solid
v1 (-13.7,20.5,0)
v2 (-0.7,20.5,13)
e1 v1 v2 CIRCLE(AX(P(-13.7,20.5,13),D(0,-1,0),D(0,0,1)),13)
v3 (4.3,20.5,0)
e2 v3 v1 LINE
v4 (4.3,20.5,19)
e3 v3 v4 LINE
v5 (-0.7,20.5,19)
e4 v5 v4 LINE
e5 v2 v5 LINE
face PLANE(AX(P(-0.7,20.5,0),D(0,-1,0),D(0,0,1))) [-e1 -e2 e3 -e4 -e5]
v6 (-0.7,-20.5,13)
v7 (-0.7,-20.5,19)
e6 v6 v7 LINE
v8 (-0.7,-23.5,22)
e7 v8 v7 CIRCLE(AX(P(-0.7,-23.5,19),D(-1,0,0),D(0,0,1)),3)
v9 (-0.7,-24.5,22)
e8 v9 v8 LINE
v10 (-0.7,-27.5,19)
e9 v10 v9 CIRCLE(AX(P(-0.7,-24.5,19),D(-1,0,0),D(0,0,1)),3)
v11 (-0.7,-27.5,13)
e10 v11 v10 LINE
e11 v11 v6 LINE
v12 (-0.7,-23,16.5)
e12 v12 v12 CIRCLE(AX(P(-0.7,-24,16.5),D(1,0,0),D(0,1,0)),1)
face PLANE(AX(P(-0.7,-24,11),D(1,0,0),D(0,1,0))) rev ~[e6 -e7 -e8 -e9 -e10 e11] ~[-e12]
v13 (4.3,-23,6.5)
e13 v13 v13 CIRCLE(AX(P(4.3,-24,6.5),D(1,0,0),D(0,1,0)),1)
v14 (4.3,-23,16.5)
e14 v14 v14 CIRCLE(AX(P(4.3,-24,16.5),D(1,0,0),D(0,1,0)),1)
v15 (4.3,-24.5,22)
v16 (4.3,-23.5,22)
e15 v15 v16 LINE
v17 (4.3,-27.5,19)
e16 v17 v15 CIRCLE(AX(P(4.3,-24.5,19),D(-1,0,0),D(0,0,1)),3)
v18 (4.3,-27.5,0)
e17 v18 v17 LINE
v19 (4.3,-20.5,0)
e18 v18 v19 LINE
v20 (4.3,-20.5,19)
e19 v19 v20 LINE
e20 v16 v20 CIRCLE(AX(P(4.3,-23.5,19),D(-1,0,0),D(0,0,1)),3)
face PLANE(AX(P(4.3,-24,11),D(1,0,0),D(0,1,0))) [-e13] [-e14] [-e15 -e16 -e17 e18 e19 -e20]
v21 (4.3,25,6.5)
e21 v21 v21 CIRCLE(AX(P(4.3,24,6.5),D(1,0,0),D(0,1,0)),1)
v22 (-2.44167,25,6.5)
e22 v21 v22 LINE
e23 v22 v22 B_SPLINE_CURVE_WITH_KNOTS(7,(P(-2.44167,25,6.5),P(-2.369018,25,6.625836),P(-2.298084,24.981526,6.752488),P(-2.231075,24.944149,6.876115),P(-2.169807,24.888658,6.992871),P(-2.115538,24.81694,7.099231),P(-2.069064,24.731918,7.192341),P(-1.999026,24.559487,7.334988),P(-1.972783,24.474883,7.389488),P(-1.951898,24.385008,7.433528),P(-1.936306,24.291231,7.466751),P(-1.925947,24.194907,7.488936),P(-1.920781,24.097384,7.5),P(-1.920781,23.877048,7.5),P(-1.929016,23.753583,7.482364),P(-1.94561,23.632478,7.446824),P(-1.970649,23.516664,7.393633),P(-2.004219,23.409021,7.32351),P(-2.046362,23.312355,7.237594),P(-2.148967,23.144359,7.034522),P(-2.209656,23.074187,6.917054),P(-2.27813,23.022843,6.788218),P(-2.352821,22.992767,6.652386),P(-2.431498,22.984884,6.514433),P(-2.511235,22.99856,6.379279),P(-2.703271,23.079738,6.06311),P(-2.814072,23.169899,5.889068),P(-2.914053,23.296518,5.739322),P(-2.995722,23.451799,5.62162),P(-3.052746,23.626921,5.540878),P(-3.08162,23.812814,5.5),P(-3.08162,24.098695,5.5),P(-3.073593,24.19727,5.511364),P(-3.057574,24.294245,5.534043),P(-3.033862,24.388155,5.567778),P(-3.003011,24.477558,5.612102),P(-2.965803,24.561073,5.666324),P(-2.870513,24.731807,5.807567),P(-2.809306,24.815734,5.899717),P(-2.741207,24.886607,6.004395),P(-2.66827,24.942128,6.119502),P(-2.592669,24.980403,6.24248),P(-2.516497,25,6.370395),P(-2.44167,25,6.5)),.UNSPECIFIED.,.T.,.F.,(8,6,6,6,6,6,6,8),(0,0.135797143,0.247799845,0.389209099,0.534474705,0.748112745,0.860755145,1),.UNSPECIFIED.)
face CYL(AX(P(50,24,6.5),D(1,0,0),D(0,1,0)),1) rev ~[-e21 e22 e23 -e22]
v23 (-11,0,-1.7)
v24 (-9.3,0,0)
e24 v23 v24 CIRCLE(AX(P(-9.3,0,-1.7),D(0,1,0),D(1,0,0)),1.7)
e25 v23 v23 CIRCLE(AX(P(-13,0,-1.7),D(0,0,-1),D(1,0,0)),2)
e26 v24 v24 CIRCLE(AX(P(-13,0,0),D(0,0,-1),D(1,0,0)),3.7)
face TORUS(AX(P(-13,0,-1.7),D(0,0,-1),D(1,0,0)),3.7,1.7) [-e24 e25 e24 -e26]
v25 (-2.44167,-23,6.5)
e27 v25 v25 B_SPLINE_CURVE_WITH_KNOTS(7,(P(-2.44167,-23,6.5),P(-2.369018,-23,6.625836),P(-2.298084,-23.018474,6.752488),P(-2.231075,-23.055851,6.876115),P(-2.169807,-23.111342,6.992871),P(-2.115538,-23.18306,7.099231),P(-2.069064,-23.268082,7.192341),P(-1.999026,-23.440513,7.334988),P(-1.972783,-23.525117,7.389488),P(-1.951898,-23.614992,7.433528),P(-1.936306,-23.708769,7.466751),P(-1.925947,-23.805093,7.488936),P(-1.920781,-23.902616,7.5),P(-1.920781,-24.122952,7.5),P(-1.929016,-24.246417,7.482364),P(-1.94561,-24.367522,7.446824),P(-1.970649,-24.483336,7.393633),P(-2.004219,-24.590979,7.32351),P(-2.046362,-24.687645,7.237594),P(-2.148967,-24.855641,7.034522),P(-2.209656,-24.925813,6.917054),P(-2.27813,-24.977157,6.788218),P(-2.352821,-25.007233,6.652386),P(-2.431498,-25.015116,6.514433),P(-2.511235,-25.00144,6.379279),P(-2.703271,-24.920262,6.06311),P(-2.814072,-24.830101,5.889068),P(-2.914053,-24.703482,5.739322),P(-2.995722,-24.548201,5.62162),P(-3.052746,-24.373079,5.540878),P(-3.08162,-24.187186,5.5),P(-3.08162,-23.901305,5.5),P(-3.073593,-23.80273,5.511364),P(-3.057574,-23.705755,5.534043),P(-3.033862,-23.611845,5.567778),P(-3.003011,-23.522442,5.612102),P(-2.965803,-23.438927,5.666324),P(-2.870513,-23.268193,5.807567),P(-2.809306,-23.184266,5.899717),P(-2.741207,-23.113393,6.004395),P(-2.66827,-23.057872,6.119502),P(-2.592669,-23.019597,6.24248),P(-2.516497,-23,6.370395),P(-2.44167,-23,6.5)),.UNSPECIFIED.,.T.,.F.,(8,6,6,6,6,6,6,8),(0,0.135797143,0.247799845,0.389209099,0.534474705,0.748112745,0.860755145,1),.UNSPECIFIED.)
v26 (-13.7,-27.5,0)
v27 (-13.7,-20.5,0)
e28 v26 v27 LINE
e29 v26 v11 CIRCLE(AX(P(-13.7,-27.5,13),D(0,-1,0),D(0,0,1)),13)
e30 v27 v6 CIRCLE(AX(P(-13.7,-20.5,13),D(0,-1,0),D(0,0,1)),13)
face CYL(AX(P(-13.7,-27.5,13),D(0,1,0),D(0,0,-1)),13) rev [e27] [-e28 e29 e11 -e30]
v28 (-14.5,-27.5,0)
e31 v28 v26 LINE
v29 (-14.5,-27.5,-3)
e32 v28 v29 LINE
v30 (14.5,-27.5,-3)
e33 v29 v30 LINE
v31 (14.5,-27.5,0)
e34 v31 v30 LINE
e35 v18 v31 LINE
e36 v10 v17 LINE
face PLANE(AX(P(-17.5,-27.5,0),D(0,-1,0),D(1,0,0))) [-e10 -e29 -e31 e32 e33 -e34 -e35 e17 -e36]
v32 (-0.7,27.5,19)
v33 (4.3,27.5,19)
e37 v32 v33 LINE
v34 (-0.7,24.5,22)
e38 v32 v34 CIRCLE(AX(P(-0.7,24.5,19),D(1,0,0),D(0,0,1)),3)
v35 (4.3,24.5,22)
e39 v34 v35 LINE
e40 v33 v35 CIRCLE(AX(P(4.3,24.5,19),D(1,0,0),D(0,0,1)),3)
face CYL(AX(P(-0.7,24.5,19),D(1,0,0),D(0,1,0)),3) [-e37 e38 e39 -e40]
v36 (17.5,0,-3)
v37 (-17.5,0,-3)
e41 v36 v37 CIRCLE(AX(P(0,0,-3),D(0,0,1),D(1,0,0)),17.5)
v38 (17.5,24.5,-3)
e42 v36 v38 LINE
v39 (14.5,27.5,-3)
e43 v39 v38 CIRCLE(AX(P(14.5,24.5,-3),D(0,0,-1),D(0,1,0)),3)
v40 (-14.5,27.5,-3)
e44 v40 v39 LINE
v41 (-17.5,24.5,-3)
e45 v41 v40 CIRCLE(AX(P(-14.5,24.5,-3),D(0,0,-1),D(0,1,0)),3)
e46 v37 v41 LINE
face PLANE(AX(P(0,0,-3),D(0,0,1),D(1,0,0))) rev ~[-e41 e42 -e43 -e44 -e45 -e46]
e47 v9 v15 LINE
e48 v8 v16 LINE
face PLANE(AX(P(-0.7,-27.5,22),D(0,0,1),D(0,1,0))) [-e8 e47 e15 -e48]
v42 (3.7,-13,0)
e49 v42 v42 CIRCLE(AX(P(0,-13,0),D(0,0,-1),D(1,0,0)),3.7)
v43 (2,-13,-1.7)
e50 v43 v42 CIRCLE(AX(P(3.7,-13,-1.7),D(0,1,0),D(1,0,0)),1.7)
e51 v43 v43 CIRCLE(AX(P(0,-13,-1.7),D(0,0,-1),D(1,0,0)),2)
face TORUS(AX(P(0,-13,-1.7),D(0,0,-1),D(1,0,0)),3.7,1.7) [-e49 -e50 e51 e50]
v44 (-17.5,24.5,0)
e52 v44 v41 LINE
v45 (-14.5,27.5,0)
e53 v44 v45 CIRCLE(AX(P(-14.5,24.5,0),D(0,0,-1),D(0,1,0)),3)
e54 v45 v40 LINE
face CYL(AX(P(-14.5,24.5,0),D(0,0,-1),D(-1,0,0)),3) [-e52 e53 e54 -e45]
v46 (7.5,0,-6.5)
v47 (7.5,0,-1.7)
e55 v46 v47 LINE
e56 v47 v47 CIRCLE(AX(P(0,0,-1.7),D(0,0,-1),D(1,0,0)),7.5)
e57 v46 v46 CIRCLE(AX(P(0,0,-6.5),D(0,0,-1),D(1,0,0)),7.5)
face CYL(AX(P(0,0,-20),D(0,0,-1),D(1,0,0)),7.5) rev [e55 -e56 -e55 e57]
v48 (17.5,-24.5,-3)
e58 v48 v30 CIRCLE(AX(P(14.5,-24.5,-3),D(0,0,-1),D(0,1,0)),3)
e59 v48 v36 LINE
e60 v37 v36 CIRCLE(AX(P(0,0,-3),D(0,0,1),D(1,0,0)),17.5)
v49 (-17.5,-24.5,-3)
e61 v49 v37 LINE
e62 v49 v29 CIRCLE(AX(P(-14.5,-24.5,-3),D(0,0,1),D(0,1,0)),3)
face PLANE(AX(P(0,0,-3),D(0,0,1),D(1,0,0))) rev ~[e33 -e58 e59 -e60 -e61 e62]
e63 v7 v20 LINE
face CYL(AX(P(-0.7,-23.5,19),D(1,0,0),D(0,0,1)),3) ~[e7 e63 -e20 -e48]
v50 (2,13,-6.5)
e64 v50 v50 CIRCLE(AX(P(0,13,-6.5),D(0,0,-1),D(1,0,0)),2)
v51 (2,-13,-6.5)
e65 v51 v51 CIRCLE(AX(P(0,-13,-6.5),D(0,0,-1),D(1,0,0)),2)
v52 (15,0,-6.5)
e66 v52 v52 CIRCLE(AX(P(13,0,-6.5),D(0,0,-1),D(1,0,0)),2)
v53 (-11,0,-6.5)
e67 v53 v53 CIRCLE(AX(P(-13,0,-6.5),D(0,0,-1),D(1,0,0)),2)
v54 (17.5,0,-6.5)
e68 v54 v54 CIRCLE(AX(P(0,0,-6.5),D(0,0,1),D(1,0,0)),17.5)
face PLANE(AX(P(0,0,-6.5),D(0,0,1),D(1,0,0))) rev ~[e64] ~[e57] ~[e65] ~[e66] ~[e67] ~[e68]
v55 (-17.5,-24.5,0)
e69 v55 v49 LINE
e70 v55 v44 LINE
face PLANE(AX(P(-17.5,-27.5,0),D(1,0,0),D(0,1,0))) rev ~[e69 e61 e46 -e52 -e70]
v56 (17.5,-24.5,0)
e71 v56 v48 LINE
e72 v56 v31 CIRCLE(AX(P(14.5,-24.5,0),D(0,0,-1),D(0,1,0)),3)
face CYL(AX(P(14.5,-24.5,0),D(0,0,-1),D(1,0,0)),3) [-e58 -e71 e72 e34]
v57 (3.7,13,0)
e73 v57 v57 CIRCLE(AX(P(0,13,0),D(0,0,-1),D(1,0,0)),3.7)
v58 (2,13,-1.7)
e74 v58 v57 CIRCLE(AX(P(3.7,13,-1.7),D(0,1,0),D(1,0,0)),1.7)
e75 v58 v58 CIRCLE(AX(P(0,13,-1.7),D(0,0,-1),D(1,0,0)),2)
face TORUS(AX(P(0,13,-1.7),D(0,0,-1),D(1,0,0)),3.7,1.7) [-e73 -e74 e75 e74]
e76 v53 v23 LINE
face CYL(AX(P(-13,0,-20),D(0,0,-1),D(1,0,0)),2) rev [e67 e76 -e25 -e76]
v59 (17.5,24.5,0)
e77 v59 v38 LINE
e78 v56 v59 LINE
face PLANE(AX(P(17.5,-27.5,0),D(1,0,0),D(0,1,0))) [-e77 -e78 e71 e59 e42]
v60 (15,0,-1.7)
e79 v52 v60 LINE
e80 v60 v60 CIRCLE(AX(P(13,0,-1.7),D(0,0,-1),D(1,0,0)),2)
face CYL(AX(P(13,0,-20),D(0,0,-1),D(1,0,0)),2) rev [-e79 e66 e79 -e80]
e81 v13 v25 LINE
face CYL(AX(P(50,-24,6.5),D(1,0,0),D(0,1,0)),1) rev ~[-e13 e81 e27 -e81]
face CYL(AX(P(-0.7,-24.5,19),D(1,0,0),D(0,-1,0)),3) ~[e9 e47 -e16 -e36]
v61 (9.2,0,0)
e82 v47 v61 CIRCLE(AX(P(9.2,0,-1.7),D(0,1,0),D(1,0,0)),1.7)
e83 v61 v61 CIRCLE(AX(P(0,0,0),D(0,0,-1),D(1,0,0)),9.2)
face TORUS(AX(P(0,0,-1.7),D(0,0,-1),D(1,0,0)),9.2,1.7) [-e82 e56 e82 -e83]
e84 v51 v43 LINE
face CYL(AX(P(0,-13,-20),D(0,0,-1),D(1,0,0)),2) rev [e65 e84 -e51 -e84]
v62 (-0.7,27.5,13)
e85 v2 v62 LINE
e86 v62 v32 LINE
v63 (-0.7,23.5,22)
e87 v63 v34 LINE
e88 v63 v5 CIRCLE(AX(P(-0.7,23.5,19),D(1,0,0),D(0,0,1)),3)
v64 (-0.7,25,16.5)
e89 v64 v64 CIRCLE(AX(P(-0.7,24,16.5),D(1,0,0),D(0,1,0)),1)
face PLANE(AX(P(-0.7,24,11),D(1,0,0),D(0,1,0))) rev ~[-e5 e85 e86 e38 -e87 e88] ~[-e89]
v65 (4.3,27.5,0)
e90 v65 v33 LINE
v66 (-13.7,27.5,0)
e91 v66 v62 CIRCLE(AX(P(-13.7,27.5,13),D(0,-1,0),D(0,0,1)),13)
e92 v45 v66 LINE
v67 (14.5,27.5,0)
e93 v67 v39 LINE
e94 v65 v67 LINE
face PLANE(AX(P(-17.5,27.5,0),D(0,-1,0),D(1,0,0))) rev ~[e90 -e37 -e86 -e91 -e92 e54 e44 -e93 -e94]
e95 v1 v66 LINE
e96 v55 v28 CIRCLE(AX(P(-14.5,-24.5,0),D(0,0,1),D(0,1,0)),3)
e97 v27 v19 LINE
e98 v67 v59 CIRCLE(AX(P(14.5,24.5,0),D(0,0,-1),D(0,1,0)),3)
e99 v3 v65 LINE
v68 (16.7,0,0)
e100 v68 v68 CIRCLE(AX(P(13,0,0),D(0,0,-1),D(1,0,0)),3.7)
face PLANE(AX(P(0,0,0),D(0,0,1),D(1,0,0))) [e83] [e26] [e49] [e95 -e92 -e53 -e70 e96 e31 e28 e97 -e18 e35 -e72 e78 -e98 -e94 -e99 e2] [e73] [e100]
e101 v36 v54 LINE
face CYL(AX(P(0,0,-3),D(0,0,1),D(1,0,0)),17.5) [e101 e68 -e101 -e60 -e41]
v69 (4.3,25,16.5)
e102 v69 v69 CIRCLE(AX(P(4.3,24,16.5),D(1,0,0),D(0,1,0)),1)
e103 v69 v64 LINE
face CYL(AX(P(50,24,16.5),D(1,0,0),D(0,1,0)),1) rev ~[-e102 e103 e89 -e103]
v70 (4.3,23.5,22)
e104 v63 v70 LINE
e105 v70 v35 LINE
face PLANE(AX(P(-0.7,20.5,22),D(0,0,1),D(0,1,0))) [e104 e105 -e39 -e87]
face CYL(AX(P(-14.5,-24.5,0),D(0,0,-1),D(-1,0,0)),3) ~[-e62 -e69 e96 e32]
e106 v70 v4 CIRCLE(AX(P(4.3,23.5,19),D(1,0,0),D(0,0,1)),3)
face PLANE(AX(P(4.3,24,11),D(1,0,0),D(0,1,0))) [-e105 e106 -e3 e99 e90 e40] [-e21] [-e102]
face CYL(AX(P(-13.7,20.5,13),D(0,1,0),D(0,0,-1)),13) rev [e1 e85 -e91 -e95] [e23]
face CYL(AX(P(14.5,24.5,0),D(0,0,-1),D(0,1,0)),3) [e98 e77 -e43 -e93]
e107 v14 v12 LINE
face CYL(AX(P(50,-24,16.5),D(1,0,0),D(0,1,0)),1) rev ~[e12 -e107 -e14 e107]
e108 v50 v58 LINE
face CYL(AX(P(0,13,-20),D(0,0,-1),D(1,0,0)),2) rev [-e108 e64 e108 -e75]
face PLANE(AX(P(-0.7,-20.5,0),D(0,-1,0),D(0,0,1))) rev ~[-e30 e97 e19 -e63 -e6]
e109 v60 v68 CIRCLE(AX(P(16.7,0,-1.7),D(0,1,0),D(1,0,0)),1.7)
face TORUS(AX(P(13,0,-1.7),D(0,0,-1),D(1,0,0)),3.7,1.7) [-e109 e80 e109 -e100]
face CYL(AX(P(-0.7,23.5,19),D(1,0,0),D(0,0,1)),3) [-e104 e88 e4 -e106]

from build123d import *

# Parameters (mm, degrees)
SKETCH002_W          = 35
SKETCH002_H          = 55
PAD_DEPTH            = 3
SKETCH001_W          = 7
SKETCH001_H          = 22
PAD001_DEPTH         = 5
SKETCH_R             = 17.5
SKETCH_R_2           = 7.35
SKETCH_R_3           = 1.9
PAD002_DEPTH         = 3.5
SKETCH003_R          = 7.5
SKETCH003_R_2        = 2
POCKET_DEPTH         = 42.001
FILLET_R             = 3
FILLET001_R          = 13
FILLET002_R          = 1.7
SKETCH004_R          = 1
POCKET001_DEPTH      = 67.501
POCKET001_DEPTH_BACK = 0.001


with BuildPart() as part:
    # Sketch002 → Pad (new body)
    with BuildSketch(Plane.XY):
        Rectangle(SKETCH002_W, SKETCH002_H)
    extrude(amount=-PAD_DEPTH)

    # Sketch001 → Pad001 (join)
    with BuildSketch(Plane.YZ.offset(-0.7)):
        with Locations((-24, 11)):
            Rectangle(SKETCH001_W, SKETCH001_H)
        with Locations((24, 11)):
            Rectangle(SKETCH001_W, SKETCH001_H)
    extrude(amount=PAD001_DEPTH)

    # Sketch → Pad002 (join)
    with BuildSketch(Plane.XY.offset(-3)):
        Circle(SKETCH_R)
        Circle(SKETCH_R_2, mode=Mode.SUBTRACT)
        with Locations((-13, 0)):
            Circle(SKETCH_R_3, mode=Mode.SUBTRACT)
        with Locations((0, 13)):
            Circle(SKETCH_R_3, mode=Mode.SUBTRACT)
        with Locations((13, 0)):
            Circle(SKETCH_R_3, mode=Mode.SUBTRACT)
        with Locations((0, -13)):
            Circle(SKETCH_R_3, mode=Mode.SUBTRACT)
    extrude(amount=-PAD002_DEPTH)

    # Sketch003 → Pocket (cut, through all)
    with BuildSketch(Plane.XY.offset(-20)):
        Circle(SKETCH003_R)
        with Locations((-13, 0)):
            Circle(SKETCH003_R_2)
        with Locations((0, 13)):
            Circle(SKETCH003_R_2)
        with Locations((13, 0)):
            Circle(SKETCH003_R_2)
        with Locations((0, -13)):
            Circle(SKETCH003_R_2)
    extrude(amount=POCKET_DEPTH, mode=Mode.SUBTRACT)

    # Fillet
    fillet_edges = [part.edges().sort_by_distance(p)[0] for p in [
        (1.8, 27.5, 22),
        (1.8, 20.5, 22),
        (1.8, -20.5, 22),
        (1.8, -27.5, 22),
        (-17.5, -27.5, -1.5),
        (-17.5, 27.5, -1.5),
        (17.5, 27.5, -1.5),
        (17.5, -27.5, -1.5),
    ]]
    fillet(fillet_edges, radius=FILLET_R)

    # Fillet001
    fillet001_edges = [part.edges().sort_by_distance(p)[0] for p in [
        (-0.7, 24, 0),
        (-0.7, -24, 0),
    ]]
    fillet(fillet001_edges, radius=FILLET001_R)

    # Fillet002
    fillet002_edges = [part.edges().sort_by_distance(p)[0] for p in [
        (11, 0, 0),
        (-7.5, 0, 0),
        (-15, 0, 0),
        (-2, -13, 0),
        (-2, 13, 0),
    ]]
    fillet(fillet002_edges, radius=FILLET002_R)

    # Sketch004 → Pocket001 (cut, two sides)
    with BuildSketch(Plane.YZ.offset(50)) as pocket001_sk:
        with Locations((-24, 16.5)):
            Circle(SKETCH004_R)
        with Locations((-24, 6.5)):
            Circle(SKETCH004_R)
        with Locations((24, 16.5)):
            Circle(SKETCH004_R)
        with Locations((24, 6.5)):
            Circle(SKETCH004_R)
    extrude(amount=-POCKET001_DEPTH, mode=Mode.SUBTRACT)
    extrude(pocket001_sk.sketch, amount=POCKET001_DEPTH_BACK, mode=Mode.SUBTRACT)


solid = part.part
